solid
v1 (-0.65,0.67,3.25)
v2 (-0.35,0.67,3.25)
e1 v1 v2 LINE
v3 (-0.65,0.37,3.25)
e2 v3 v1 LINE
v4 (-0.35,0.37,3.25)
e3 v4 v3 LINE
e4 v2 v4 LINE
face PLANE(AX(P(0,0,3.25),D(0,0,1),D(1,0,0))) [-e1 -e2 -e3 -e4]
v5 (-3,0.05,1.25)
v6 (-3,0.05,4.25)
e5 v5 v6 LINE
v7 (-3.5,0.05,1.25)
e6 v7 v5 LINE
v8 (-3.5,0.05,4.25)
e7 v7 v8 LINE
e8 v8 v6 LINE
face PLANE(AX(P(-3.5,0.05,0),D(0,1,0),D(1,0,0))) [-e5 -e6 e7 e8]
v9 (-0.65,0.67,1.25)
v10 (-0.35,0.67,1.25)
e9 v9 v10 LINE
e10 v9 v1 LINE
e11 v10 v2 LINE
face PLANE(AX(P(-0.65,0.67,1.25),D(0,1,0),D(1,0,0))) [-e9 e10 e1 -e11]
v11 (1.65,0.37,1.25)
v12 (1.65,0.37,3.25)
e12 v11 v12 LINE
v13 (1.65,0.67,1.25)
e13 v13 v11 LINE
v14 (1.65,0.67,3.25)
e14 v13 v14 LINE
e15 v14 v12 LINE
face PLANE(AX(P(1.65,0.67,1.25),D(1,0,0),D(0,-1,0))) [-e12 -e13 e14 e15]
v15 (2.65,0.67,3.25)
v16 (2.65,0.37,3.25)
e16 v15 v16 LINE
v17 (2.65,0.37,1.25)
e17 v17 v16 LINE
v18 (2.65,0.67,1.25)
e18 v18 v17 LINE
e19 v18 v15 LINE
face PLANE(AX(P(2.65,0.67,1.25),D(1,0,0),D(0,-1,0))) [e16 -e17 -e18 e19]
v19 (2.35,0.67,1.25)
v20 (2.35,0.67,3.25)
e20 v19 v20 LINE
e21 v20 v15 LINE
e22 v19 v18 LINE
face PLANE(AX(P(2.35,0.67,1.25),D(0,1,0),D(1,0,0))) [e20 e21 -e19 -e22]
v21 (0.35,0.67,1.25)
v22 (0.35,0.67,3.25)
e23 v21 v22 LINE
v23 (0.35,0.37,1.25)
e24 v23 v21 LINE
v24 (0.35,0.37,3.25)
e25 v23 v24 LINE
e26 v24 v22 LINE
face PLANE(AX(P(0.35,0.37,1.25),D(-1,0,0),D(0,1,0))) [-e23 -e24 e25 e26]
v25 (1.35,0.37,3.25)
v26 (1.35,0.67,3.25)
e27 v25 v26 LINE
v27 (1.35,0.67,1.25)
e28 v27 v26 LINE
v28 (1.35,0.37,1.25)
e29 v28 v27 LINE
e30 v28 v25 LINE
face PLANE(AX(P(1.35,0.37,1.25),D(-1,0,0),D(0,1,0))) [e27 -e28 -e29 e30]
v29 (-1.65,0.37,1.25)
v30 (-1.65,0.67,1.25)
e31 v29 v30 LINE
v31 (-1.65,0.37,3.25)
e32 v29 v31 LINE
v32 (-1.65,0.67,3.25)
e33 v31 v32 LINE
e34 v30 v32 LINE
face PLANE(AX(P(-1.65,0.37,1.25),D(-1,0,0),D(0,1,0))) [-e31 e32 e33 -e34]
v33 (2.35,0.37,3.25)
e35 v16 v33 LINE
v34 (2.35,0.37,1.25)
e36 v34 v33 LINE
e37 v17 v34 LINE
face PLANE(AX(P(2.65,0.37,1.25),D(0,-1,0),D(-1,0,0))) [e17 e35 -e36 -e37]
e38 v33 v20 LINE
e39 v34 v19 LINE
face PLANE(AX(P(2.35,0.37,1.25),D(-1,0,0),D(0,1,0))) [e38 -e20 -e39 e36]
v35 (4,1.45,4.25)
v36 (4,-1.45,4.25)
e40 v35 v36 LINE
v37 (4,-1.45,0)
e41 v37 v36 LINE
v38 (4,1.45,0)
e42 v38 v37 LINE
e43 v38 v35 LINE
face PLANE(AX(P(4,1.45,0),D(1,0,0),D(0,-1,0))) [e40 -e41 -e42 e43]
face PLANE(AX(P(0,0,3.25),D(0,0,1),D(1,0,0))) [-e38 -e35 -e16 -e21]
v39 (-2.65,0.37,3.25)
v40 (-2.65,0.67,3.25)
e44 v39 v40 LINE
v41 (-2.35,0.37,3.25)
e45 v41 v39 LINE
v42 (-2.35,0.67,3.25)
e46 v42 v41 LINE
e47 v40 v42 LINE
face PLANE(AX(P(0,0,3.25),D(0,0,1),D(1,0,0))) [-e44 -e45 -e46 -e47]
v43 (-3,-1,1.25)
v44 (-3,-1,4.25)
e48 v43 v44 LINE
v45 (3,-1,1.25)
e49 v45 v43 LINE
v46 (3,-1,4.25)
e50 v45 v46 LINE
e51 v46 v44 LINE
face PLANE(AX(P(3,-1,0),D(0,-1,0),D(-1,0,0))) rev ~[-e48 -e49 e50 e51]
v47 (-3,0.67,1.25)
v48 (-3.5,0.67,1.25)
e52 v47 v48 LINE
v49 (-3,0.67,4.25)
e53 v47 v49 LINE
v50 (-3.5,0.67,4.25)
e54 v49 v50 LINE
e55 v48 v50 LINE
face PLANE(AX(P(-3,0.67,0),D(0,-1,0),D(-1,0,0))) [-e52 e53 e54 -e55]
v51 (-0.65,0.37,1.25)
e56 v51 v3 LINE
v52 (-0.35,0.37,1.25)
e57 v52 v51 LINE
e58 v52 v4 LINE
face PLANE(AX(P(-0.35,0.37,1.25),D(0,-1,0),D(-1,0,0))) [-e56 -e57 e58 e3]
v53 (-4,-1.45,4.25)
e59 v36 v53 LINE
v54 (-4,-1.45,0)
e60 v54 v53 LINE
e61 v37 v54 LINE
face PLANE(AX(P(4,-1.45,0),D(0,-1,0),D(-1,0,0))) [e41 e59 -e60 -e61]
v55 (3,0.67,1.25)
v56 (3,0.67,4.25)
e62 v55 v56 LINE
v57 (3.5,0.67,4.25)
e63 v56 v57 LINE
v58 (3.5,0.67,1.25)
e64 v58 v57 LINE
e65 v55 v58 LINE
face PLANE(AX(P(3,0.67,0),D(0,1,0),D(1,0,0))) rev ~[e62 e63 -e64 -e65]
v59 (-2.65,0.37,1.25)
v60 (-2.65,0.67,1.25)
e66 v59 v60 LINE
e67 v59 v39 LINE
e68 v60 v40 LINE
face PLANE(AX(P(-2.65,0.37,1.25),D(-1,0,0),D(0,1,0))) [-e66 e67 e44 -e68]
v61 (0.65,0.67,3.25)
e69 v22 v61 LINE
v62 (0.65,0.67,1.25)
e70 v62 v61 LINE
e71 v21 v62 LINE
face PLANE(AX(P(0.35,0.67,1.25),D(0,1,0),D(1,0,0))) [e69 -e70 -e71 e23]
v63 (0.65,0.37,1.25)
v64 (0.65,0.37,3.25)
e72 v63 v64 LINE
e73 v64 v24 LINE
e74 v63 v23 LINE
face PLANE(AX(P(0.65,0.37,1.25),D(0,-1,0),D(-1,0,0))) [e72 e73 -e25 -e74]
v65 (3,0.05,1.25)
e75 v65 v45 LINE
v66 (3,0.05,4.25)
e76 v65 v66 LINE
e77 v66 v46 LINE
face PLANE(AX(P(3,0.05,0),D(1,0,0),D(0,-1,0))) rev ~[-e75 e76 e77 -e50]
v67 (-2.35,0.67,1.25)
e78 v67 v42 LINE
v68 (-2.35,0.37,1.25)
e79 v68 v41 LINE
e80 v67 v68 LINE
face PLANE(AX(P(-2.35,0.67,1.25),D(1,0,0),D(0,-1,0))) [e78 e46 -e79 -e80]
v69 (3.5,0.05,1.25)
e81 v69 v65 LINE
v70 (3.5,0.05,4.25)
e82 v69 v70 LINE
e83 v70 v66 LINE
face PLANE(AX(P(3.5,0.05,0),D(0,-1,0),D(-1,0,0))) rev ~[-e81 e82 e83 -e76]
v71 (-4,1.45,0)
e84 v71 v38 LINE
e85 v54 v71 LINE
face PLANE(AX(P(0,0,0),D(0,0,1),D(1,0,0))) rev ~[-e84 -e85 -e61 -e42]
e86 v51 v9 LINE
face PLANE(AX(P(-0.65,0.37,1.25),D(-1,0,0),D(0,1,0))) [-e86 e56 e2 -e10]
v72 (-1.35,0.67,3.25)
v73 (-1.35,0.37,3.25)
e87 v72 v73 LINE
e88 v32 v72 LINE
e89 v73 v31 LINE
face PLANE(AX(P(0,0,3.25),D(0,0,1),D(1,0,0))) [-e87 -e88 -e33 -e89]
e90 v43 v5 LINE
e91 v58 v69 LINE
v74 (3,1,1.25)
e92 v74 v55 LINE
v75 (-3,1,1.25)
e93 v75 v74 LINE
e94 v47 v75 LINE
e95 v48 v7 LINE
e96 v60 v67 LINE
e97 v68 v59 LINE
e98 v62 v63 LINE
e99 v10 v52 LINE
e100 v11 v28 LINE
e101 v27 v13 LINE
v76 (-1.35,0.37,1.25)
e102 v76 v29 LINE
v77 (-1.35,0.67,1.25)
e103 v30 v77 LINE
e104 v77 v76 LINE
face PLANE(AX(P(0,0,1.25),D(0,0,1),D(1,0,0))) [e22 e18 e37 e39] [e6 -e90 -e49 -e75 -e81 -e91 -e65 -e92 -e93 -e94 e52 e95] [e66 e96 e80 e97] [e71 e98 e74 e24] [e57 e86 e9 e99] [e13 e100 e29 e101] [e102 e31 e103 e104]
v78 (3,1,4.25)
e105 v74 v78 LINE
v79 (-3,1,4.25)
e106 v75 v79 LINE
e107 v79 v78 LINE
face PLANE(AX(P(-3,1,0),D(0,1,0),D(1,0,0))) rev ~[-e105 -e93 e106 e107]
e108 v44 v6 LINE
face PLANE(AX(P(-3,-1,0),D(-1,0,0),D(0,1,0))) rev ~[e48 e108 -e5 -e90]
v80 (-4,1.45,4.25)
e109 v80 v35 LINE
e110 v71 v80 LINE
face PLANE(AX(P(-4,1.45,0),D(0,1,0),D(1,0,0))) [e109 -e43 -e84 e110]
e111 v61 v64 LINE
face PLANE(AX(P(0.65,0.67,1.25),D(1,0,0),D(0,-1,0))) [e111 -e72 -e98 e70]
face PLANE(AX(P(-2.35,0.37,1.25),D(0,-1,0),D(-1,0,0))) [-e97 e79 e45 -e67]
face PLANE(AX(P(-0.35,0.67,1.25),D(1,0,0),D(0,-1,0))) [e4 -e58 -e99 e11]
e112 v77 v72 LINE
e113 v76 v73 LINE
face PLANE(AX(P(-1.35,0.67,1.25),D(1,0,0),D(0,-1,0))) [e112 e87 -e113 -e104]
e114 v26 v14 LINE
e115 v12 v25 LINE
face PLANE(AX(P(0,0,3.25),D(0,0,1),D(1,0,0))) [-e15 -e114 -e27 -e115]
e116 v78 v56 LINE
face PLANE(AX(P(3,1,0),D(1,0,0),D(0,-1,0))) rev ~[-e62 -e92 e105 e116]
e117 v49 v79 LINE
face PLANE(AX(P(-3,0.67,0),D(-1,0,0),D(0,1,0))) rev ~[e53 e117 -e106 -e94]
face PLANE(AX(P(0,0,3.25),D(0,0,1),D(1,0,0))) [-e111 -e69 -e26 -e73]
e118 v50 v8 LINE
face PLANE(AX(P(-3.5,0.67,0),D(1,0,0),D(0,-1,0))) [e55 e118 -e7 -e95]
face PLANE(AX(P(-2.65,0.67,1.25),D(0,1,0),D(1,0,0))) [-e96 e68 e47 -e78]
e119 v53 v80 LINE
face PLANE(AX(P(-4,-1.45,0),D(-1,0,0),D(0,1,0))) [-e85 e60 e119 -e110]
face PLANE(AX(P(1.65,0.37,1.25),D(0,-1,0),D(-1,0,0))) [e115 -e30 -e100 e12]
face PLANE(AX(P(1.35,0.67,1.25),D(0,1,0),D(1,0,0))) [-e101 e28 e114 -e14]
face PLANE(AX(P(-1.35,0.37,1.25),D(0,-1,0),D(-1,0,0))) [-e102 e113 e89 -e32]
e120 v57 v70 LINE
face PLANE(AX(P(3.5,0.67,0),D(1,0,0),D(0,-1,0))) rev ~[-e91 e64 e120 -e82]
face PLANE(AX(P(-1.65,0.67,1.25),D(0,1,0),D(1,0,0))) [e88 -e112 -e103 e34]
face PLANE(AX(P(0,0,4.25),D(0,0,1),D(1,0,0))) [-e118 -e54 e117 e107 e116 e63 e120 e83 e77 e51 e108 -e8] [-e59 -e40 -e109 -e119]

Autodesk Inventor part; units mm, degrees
ref_plane "YZ Plane" through (0, 0, 0) normal (1, 0, 0) x (0, 1, 0)
ref_plane "XZ Plane" through (0, 0, 0) normal (0, 1, 0) x (-1, 0, 0)
ref_plane "XY Plane" through (0, 0, 0) normal (0, 0, 1) x (1, 0, 0)
sketch "Náčrt1" plane through (0, 0, 0) normal (0, 0, 1) x (1, 0, 0)
  line L0 (-4, 1.45) -> (4, 1.45)
  line L1 (4, 1.45) -> (4, -1.45)
  line L2 (4, -1.45) -> (-4, -1.45)
  line L3 (-4, -1.45) -> (-4, 1.45)
  line L4 (-4, 1.45) -> (4, -1.45) construction
  line L5 (4, 1.45) -> (-4, -1.45) construction
  line L6 (-3, 1) -> (3, 1)
  line L7 (3, 1) -> (3, -1)
  line L8 (3, -1) -> (-3, -1)
  line L9 (-3, -1) -> (-3, 1)
  line L10 (-3, 1) -> (3, -1) construction
  line L11 (3, 1) -> (-3, -1) construction
  line L12 (-3, 0.67) -> (-3.5, 0.67)
  line L13 (-3.5, 0.67) -> (-3.5, 0.05)
  line L14 (-3.5, 0.05) -> (-3, 0.05)
  line L15 (3, 0.67) -> (3.5, 0.67)
  line L16 (3.5, 0.67) -> (3.5, 0.05)
  line L17 (3.5, 0.05) -> (3, 0.05)
  point P0 (0, 0)
  dimension "d0" = 8
  dimension "d1" = 2.9
  dimension "d2" = 2
  dimension "d3" = 6
  dimension "d4" = 7
  dimension "d5" = 0.62
  dimension "d6" = 1.5
extrude "Vysunutí1" add sketch "Náčrt1" along normal blind 4.25
extrude "Vysunutí2" add sketch "Náčrt1" along normal blind 1.25 contours L6 L7 L8 L9 | L9 L14 L13 L12 | L15 L16 L17 L7
sketch "Náčrt2" plane through (0, 0, 1.25) normal (0, 0, 1) x (1, 0, 0)
  line L0 (-2.65, 0.67) -> (-2.35, 0.67)
  line L1 (-2.35, 0.67) -> (-2.35, 0.37)
  line L2 (-2.35, 0.37) -> (-2.65, 0.37)
  line L3 (-2.65, 0.37) -> (-2.65, 0.67)
  line L4 (-2.65, 0.67) -> (-2.35, 0.37) construction
  line L5 (-2.35, 0.67) -> (-2.65, 0.37) construction
  line L6 (-1.65, 0.67) -> (-1.35, 0.67)
  line L7 (-1.35, 0.67) -> (-1.35, 0.37)
  line L8 (-1.35, 0.37) -> (-1.65, 0.37)
  line L9 (-1.65, 0.37) -> (-1.65, 0.67)
  line L10 (-1.65, 0.67) -> (-1.35, 0.37) construction
  line L11 (-1.35, 0.67) -> (-1.65, 0.37) construction
  line L12 (-0.65, 0.67) -> (-0.35, 0.67)
  line L13 (-0.35, 0.67) -> (-0.35, 0.37)
  line L14 (-0.35, 0.37) -> (-0.65, 0.37)
  line L15 (-0.65, 0.37) -> (-0.65, 0.67)
  line L16 (-0.65, 0.67) -> (-0.35, 0.37) construction
  line L17 (-0.35, 0.67) -> (-0.65, 0.37) construction
  line L18 (0.35, 0.67) -> (0.65, 0.67)
  line L19 (0.65, 0.67) -> (0.65, 0.37)
  line L20 (0.65, 0.37) -> (0.35, 0.37)
  line L21 (0.35, 0.37) -> (0.35, 0.67)
  line L22 (0.35, 0.67) -> (0.65, 0.37) construction
  line L23 (0.65, 0.67) -> (0.35, 0.37) construction
  line L24 (1.35, 0.67) -> (1.65, 0.67)
  line L25 (1.65, 0.67) -> (1.65, 0.37)
  line L26 (1.65, 0.37) -> (1.35, 0.37)
  line L27 (1.35, 0.37) -> (1.35, 0.67)
  line L28 (1.35, 0.67) -> (1.65, 0.37) construction
  line L29 (1.65, 0.67) -> (1.35, 0.37) construction
  line L30 (2.35, 0.67) -> (2.65, 0.67)
  line L31 (2.65, 0.67) -> (2.65, 0.37)
  line L32 (2.65, 0.37) -> (2.35, 0.37)
  line L33 (2.35, 0.37) -> (2.35, 0.67)
  line L34 (2.35, 0.67) -> (2.65, 0.37) construction
  line L35 (2.65, 0.67) -> (2.35, 0.37) construction
  line L36 (-3, -1) -> (-3, 0.05) projected
  line L37 (-3, 0.37) -> (-2.65, 0.37) construction
  line L38 (2.65, 0.37) -> (3, 0.37) construction
  line L39 (3, 0.05) -> (3, -1) construction
  point P0 (0, 0)
  point P1 (-2.5, 0.52)
  point P2 (-1.5, 0.52)
  point P3 (-0.5, 0.52)
  point P4 (0.5, 0.52)
  point P5 (1.5, 0.52)
  point P6 (2.5, 0.52)
  point P7 (-3, 0.67)
  dimension "d13" = 1
  dimension "d19" = 0.3
  dimension "d20" = 0.3
extrude "Vysunutí3" add sketch "Náčrt2" along normal blind 2
properties part number "jst - 1 mm 6 pin female"
